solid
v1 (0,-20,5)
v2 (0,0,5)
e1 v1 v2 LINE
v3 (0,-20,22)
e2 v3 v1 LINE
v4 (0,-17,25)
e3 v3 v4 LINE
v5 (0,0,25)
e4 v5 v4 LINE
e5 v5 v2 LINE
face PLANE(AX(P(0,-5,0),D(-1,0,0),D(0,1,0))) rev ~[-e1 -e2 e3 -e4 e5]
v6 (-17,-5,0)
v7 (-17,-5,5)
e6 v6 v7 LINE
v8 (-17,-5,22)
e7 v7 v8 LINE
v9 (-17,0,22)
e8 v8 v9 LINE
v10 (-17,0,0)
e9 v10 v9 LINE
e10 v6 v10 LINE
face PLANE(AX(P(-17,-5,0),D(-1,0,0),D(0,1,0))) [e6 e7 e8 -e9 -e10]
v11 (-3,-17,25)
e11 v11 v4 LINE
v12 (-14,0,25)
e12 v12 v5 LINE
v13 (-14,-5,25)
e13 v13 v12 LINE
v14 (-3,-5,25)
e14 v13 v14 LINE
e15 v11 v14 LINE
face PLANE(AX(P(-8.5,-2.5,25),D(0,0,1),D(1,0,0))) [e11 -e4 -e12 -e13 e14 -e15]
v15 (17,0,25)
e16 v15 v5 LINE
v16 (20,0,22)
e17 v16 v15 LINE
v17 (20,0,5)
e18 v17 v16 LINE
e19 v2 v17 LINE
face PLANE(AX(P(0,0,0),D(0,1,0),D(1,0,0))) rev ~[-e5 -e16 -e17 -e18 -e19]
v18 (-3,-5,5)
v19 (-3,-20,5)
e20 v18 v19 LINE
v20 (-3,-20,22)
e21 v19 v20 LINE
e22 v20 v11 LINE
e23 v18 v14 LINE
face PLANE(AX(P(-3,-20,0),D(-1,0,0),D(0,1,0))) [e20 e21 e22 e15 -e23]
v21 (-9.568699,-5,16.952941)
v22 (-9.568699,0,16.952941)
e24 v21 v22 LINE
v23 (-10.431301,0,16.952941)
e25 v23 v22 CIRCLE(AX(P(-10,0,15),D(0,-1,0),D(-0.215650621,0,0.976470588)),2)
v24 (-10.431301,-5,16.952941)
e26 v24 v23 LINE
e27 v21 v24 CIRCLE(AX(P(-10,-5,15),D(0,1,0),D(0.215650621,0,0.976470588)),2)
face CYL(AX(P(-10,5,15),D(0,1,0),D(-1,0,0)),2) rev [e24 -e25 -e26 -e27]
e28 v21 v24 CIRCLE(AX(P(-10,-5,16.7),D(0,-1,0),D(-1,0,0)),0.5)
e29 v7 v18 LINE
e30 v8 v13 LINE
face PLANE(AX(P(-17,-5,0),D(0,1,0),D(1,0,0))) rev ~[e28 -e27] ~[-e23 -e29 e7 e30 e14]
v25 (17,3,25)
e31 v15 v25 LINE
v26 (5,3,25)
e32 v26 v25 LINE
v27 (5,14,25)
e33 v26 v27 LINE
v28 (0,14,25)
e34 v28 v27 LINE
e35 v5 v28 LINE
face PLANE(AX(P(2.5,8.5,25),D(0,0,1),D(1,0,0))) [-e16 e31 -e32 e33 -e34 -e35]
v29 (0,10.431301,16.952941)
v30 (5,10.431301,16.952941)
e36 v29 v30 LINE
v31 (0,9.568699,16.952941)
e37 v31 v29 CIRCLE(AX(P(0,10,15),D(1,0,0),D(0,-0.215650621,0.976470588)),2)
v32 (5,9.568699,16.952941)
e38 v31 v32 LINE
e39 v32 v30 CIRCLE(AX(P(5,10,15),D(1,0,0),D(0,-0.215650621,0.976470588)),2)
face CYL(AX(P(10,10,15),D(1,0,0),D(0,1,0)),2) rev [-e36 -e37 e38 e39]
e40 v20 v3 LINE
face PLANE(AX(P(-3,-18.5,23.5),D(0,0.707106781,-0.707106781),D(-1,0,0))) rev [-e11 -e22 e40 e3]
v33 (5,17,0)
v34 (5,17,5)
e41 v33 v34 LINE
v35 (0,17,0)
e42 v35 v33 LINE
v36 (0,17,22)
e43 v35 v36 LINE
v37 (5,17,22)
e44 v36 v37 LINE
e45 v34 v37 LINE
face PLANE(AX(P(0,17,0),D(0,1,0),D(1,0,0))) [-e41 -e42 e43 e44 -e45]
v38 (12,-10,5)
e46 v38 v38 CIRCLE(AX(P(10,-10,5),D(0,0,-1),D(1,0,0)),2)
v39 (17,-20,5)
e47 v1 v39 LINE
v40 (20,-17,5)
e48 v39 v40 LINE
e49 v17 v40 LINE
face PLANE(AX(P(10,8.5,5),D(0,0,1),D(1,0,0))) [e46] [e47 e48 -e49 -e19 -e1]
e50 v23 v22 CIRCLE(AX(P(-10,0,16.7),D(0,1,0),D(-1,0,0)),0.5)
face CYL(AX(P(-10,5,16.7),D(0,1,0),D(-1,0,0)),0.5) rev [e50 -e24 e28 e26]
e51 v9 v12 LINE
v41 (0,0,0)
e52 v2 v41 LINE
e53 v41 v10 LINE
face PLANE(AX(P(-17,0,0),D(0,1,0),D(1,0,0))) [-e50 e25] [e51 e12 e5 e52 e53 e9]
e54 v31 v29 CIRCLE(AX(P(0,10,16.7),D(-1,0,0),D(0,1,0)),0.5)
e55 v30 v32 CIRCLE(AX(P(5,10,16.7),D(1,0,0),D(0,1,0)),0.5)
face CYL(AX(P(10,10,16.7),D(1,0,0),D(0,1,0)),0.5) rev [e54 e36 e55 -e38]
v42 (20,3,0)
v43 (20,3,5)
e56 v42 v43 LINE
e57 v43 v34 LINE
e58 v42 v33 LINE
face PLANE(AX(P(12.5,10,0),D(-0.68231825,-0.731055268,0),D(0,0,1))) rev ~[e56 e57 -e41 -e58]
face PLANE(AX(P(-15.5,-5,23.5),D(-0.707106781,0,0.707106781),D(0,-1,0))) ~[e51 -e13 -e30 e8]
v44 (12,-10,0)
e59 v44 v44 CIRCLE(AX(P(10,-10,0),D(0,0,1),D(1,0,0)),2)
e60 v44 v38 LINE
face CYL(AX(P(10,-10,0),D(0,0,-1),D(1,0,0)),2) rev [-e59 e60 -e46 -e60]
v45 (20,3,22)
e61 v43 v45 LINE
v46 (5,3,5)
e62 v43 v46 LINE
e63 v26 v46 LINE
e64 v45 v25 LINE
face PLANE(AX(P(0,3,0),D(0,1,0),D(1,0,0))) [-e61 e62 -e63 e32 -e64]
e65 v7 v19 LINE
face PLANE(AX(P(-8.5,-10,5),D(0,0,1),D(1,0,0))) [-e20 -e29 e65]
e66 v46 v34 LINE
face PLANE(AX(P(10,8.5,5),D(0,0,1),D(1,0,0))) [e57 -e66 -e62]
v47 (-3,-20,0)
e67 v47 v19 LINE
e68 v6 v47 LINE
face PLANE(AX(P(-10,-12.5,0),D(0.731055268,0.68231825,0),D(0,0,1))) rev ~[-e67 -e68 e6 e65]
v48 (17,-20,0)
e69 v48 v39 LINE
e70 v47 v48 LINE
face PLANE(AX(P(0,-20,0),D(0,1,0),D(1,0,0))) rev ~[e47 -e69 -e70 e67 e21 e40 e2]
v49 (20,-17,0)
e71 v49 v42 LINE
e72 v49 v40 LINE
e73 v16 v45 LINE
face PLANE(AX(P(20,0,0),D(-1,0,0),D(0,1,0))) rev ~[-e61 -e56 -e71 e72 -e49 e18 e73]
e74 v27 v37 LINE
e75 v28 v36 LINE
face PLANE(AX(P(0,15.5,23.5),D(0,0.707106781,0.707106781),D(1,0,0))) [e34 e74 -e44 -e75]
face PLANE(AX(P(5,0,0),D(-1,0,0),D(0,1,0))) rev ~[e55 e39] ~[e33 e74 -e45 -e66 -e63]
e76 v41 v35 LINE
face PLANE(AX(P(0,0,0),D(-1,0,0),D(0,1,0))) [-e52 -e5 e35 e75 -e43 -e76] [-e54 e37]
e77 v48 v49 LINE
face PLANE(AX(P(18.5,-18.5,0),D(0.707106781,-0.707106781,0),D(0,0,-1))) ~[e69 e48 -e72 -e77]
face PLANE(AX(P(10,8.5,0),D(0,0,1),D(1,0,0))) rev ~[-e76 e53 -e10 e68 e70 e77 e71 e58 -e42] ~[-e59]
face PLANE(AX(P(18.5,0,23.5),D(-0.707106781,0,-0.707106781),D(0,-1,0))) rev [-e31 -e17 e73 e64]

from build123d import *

# Parameters (mm, degrees)
CYLINDER001_R     = 0.5
CYLINDER001_DEPTH = 10
CYLINDER003_R     = 2
CYLINDER003_DEPTH = 10
BOX001_W          = 5
BOX001_H          = 17
BOX001_DEPTH      = 25
CHAMFER008_SIZE   = 3
BOX005_W          = 17
BOX005_H          = 20
BOX005_DEPTH      = 5
CHAMFER005_SIZE2  = 14
CHAMFER005_SIZE   = 15
BOX003_W          = 3
BOX003_H          = 20
BOX003_DEPTH      = 25
CHAMFER004_SIZE   = 3
CYLINDER_R        = 2
CYLINDER_DEPTH    = 10
BOX004_W          = 20
BOX004_H          = 20
BOX004_DEPTH      = 5
CHAMFER_SIZE      = 3
BOX006_W          = 20
BOX006_H          = 17
BOX006_DEPTH      = 5
CHAMFER006_SIZE2  = 15
CHAMFER006_SIZE   = 14
BOX_W             = 20
BOX_H             = 3
BOX_DEPTH         = 25
CHAMFER003_SIZE   = 3
CYLINDER002_R     = 0.5
CYLINDER002_DEPTH = 10
CYLINDER004_R     = 2
CYLINDER004_DEPTH = 10
BOX002_W          = 17
BOX002_H          = 5
BOX002_DEPTH      = 25
CHAMFER007_SIZE   = 3


with BuildPart() as cylinder001:
    # Cylinder001 → Cylinder001 (new body)
    with BuildSketch(Plane(origin=(10, 10, 16.7), x_dir=(0, 1, 0), z_dir=(-1, 0, 0))):
        Circle(CYLINDER001_R)
    extrude(amount=CYLINDER001_DEPTH)


with BuildPart() as cylinder003:
    # Cylinder003 → Cylinder003 (new body)
    with BuildSketch(Plane(origin=(10, 10, 15), x_dir=(0, 1, 0), z_dir=(-1, 0, 0))):
        Circle(CYLINDER003_R)
    extrude(amount=CYLINDER003_DEPTH)


with BuildPart() as cut003:
    # Box001 → Box001 (new body)
    with BuildSketch(Plane.XY):
        with Locations((2.5, 8.5)):
            Rectangle(BOX001_W, BOX001_H)
    extrude(amount=BOX001_DEPTH)

    # Cut002: cut Cylinder003
    add(cylinder003.part, mode=Mode.SUBTRACT)

    # Chamfer008
    chamfer008_edges = [cut003.edges().sort_by_distance(p)[0] for p in [
        (2.5, 17, 25),
    ]]
    chamfer(chamfer008_edges, length=CHAMFER008_SIZE)

    # Cut003: cut Cylinder001
    add(cylinder001.part, mode=Mode.SUBTRACT)


with BuildPart() as chamfer005:
    # Box005 → Box005 (new body)
    with BuildSketch(Plane(origin=(-17, -20, 0), x_dir=(1, 0, 0), z_dir=(0, 0, 1))):
        with Locations((8.5, 10)):
            Rectangle(BOX005_W, BOX005_H)
    extrude(amount=BOX005_DEPTH)

    # Chamfer005
    chamfer005_edges = [chamfer005.edges().sort_by_distance(p)[0] for p in [
        (-17, -20, 2.5),
    ]]
    chamfer005_side = chamfer005.faces().sort_by_distance((-17, -10, 2.5))[0]
    chamfer(chamfer005_edges, length=CHAMFER005_SIZE, length2=CHAMFER005_SIZE2, reference=chamfer005_side)


with BuildPart() as chamfer004:
    # Box003 → Box003 (new body)
    with BuildSketch(Plane(origin=(-3, -20, 0), x_dir=(1, 0, 0), z_dir=(0, 0, 1))):
        with Locations((1.5, 10)):
            Rectangle(BOX003_W, BOX003_H)
    extrude(amount=BOX003_DEPTH)

    # Chamfer004
    chamfer004_edges = [chamfer004.edges().sort_by_distance(p)[0] for p in [
        (-1.5, -20, 25),
    ]]
    chamfer(chamfer004_edges, length=CHAMFER004_SIZE)


with BuildPart() as cylinder:
    # Cylinder → Cylinder (new body)
    with BuildSketch(Plane(origin=(10, -10, 0), x_dir=(1, 0, 0), z_dir=(0, 0, 1))):
        Circle(CYLINDER_R)
    extrude(amount=CYLINDER_DEPTH)


with BuildPart() as cut:
    # Box004 → Box004 (new body)
    with BuildSketch(Plane(origin=(0, -20, 0), x_dir=(1, 0, 0), z_dir=(0, 0, 1))):
        with Locations((10, 10)):
            Rectangle(BOX004_W, BOX004_H)
    extrude(amount=BOX004_DEPTH)

    # Chamfer
    chamfer_edges = [cut.edges().sort_by_distance(p)[0] for p in [
        (20, -20, 2.5),
    ]]
    chamfer(chamfer_edges, length=CHAMFER_SIZE)

    # Cut: cut Cylinder
    add(cylinder.part, mode=Mode.SUBTRACT)


with BuildPart() as chamfer006:
    # Box006 → Box006 (new body)
    with BuildSketch(Plane.XY):
        with Locations((10, 8.5)):
            Rectangle(BOX006_W, BOX006_H)
    extrude(amount=BOX006_DEPTH)

    # Chamfer006
    chamfer006_edges = [chamfer006.edges().sort_by_distance(p)[0] for p in [
        (20, 17, 2.5),
    ]]
    chamfer006_side = chamfer006.faces().sort_by_distance((20, 8.5, 2.5))[0]
    chamfer(chamfer006_edges, length=CHAMFER006_SIZE, length2=CHAMFER006_SIZE2, reference=chamfer006_side)


with BuildPart() as chamfer003:
    # Box → Box (new body)
    with BuildSketch(Plane.XY):
        with Locations((10, 1.5)):
            Rectangle(BOX_W, BOX_H)
    extrude(amount=BOX_DEPTH)

    # Chamfer003
    chamfer003_edges = [chamfer003.edges().sort_by_distance(p)[0] for p in [
        (20, 1.5, 25),
    ]]
    chamfer(chamfer003_edges, length=CHAMFER003_SIZE)


with BuildPart() as cylinder002:
    # Cylinder002 → Cylinder002 (new body)
    with BuildSketch(Plane(origin=(-10, 5, 16.7), x_dir=(-1, 0, 0), z_dir=(0, -1, 0))):
        Circle(CYLINDER002_R)
    extrude(amount=CYLINDER002_DEPTH)


with BuildPart() as cylinder004:
    # Cylinder004 → Cylinder004 (new body)
    with BuildSketch(Plane(origin=(-10, 5, 15), x_dir=(-1, 0, 0), z_dir=(0, -1, 0))):
        Circle(CYLINDER004_R)
    extrude(amount=CYLINDER004_DEPTH)


with BuildPart() as fusion:
    # Box002 → Box002 (new body)
    with BuildSketch(Plane(origin=(-17, -5, 0), x_dir=(1, 0, 0), z_dir=(0, 0, 1))):
        with Locations((8.5, 2.5)):
            Rectangle(BOX002_W, BOX002_H)
    extrude(amount=BOX002_DEPTH)

    # Cut001: cut Cylinder004
    add(cylinder004.part, mode=Mode.SUBTRACT)

    # Chamfer007
    chamfer007_edges = [fusion.edges().sort_by_distance(p)[0] for p in [
        (-17, -2.5, 25),
    ]]
    chamfer(chamfer007_edges, length=CHAMFER007_SIZE)

    # Cut004: cut Cylinder002
    add(cylinder002.part, mode=Mode.SUBTRACT)

    # Fusion: union Cut003, Chamfer005, Chamfer004, Cut, Chamfer006, Chamfer003
    add(cut003.part)
    add(chamfer005.part)
    add(chamfer004.part)
    add(cut.part)
    add(chamfer006.part)
    add(chamfer003.part)


solid = fusion.part
